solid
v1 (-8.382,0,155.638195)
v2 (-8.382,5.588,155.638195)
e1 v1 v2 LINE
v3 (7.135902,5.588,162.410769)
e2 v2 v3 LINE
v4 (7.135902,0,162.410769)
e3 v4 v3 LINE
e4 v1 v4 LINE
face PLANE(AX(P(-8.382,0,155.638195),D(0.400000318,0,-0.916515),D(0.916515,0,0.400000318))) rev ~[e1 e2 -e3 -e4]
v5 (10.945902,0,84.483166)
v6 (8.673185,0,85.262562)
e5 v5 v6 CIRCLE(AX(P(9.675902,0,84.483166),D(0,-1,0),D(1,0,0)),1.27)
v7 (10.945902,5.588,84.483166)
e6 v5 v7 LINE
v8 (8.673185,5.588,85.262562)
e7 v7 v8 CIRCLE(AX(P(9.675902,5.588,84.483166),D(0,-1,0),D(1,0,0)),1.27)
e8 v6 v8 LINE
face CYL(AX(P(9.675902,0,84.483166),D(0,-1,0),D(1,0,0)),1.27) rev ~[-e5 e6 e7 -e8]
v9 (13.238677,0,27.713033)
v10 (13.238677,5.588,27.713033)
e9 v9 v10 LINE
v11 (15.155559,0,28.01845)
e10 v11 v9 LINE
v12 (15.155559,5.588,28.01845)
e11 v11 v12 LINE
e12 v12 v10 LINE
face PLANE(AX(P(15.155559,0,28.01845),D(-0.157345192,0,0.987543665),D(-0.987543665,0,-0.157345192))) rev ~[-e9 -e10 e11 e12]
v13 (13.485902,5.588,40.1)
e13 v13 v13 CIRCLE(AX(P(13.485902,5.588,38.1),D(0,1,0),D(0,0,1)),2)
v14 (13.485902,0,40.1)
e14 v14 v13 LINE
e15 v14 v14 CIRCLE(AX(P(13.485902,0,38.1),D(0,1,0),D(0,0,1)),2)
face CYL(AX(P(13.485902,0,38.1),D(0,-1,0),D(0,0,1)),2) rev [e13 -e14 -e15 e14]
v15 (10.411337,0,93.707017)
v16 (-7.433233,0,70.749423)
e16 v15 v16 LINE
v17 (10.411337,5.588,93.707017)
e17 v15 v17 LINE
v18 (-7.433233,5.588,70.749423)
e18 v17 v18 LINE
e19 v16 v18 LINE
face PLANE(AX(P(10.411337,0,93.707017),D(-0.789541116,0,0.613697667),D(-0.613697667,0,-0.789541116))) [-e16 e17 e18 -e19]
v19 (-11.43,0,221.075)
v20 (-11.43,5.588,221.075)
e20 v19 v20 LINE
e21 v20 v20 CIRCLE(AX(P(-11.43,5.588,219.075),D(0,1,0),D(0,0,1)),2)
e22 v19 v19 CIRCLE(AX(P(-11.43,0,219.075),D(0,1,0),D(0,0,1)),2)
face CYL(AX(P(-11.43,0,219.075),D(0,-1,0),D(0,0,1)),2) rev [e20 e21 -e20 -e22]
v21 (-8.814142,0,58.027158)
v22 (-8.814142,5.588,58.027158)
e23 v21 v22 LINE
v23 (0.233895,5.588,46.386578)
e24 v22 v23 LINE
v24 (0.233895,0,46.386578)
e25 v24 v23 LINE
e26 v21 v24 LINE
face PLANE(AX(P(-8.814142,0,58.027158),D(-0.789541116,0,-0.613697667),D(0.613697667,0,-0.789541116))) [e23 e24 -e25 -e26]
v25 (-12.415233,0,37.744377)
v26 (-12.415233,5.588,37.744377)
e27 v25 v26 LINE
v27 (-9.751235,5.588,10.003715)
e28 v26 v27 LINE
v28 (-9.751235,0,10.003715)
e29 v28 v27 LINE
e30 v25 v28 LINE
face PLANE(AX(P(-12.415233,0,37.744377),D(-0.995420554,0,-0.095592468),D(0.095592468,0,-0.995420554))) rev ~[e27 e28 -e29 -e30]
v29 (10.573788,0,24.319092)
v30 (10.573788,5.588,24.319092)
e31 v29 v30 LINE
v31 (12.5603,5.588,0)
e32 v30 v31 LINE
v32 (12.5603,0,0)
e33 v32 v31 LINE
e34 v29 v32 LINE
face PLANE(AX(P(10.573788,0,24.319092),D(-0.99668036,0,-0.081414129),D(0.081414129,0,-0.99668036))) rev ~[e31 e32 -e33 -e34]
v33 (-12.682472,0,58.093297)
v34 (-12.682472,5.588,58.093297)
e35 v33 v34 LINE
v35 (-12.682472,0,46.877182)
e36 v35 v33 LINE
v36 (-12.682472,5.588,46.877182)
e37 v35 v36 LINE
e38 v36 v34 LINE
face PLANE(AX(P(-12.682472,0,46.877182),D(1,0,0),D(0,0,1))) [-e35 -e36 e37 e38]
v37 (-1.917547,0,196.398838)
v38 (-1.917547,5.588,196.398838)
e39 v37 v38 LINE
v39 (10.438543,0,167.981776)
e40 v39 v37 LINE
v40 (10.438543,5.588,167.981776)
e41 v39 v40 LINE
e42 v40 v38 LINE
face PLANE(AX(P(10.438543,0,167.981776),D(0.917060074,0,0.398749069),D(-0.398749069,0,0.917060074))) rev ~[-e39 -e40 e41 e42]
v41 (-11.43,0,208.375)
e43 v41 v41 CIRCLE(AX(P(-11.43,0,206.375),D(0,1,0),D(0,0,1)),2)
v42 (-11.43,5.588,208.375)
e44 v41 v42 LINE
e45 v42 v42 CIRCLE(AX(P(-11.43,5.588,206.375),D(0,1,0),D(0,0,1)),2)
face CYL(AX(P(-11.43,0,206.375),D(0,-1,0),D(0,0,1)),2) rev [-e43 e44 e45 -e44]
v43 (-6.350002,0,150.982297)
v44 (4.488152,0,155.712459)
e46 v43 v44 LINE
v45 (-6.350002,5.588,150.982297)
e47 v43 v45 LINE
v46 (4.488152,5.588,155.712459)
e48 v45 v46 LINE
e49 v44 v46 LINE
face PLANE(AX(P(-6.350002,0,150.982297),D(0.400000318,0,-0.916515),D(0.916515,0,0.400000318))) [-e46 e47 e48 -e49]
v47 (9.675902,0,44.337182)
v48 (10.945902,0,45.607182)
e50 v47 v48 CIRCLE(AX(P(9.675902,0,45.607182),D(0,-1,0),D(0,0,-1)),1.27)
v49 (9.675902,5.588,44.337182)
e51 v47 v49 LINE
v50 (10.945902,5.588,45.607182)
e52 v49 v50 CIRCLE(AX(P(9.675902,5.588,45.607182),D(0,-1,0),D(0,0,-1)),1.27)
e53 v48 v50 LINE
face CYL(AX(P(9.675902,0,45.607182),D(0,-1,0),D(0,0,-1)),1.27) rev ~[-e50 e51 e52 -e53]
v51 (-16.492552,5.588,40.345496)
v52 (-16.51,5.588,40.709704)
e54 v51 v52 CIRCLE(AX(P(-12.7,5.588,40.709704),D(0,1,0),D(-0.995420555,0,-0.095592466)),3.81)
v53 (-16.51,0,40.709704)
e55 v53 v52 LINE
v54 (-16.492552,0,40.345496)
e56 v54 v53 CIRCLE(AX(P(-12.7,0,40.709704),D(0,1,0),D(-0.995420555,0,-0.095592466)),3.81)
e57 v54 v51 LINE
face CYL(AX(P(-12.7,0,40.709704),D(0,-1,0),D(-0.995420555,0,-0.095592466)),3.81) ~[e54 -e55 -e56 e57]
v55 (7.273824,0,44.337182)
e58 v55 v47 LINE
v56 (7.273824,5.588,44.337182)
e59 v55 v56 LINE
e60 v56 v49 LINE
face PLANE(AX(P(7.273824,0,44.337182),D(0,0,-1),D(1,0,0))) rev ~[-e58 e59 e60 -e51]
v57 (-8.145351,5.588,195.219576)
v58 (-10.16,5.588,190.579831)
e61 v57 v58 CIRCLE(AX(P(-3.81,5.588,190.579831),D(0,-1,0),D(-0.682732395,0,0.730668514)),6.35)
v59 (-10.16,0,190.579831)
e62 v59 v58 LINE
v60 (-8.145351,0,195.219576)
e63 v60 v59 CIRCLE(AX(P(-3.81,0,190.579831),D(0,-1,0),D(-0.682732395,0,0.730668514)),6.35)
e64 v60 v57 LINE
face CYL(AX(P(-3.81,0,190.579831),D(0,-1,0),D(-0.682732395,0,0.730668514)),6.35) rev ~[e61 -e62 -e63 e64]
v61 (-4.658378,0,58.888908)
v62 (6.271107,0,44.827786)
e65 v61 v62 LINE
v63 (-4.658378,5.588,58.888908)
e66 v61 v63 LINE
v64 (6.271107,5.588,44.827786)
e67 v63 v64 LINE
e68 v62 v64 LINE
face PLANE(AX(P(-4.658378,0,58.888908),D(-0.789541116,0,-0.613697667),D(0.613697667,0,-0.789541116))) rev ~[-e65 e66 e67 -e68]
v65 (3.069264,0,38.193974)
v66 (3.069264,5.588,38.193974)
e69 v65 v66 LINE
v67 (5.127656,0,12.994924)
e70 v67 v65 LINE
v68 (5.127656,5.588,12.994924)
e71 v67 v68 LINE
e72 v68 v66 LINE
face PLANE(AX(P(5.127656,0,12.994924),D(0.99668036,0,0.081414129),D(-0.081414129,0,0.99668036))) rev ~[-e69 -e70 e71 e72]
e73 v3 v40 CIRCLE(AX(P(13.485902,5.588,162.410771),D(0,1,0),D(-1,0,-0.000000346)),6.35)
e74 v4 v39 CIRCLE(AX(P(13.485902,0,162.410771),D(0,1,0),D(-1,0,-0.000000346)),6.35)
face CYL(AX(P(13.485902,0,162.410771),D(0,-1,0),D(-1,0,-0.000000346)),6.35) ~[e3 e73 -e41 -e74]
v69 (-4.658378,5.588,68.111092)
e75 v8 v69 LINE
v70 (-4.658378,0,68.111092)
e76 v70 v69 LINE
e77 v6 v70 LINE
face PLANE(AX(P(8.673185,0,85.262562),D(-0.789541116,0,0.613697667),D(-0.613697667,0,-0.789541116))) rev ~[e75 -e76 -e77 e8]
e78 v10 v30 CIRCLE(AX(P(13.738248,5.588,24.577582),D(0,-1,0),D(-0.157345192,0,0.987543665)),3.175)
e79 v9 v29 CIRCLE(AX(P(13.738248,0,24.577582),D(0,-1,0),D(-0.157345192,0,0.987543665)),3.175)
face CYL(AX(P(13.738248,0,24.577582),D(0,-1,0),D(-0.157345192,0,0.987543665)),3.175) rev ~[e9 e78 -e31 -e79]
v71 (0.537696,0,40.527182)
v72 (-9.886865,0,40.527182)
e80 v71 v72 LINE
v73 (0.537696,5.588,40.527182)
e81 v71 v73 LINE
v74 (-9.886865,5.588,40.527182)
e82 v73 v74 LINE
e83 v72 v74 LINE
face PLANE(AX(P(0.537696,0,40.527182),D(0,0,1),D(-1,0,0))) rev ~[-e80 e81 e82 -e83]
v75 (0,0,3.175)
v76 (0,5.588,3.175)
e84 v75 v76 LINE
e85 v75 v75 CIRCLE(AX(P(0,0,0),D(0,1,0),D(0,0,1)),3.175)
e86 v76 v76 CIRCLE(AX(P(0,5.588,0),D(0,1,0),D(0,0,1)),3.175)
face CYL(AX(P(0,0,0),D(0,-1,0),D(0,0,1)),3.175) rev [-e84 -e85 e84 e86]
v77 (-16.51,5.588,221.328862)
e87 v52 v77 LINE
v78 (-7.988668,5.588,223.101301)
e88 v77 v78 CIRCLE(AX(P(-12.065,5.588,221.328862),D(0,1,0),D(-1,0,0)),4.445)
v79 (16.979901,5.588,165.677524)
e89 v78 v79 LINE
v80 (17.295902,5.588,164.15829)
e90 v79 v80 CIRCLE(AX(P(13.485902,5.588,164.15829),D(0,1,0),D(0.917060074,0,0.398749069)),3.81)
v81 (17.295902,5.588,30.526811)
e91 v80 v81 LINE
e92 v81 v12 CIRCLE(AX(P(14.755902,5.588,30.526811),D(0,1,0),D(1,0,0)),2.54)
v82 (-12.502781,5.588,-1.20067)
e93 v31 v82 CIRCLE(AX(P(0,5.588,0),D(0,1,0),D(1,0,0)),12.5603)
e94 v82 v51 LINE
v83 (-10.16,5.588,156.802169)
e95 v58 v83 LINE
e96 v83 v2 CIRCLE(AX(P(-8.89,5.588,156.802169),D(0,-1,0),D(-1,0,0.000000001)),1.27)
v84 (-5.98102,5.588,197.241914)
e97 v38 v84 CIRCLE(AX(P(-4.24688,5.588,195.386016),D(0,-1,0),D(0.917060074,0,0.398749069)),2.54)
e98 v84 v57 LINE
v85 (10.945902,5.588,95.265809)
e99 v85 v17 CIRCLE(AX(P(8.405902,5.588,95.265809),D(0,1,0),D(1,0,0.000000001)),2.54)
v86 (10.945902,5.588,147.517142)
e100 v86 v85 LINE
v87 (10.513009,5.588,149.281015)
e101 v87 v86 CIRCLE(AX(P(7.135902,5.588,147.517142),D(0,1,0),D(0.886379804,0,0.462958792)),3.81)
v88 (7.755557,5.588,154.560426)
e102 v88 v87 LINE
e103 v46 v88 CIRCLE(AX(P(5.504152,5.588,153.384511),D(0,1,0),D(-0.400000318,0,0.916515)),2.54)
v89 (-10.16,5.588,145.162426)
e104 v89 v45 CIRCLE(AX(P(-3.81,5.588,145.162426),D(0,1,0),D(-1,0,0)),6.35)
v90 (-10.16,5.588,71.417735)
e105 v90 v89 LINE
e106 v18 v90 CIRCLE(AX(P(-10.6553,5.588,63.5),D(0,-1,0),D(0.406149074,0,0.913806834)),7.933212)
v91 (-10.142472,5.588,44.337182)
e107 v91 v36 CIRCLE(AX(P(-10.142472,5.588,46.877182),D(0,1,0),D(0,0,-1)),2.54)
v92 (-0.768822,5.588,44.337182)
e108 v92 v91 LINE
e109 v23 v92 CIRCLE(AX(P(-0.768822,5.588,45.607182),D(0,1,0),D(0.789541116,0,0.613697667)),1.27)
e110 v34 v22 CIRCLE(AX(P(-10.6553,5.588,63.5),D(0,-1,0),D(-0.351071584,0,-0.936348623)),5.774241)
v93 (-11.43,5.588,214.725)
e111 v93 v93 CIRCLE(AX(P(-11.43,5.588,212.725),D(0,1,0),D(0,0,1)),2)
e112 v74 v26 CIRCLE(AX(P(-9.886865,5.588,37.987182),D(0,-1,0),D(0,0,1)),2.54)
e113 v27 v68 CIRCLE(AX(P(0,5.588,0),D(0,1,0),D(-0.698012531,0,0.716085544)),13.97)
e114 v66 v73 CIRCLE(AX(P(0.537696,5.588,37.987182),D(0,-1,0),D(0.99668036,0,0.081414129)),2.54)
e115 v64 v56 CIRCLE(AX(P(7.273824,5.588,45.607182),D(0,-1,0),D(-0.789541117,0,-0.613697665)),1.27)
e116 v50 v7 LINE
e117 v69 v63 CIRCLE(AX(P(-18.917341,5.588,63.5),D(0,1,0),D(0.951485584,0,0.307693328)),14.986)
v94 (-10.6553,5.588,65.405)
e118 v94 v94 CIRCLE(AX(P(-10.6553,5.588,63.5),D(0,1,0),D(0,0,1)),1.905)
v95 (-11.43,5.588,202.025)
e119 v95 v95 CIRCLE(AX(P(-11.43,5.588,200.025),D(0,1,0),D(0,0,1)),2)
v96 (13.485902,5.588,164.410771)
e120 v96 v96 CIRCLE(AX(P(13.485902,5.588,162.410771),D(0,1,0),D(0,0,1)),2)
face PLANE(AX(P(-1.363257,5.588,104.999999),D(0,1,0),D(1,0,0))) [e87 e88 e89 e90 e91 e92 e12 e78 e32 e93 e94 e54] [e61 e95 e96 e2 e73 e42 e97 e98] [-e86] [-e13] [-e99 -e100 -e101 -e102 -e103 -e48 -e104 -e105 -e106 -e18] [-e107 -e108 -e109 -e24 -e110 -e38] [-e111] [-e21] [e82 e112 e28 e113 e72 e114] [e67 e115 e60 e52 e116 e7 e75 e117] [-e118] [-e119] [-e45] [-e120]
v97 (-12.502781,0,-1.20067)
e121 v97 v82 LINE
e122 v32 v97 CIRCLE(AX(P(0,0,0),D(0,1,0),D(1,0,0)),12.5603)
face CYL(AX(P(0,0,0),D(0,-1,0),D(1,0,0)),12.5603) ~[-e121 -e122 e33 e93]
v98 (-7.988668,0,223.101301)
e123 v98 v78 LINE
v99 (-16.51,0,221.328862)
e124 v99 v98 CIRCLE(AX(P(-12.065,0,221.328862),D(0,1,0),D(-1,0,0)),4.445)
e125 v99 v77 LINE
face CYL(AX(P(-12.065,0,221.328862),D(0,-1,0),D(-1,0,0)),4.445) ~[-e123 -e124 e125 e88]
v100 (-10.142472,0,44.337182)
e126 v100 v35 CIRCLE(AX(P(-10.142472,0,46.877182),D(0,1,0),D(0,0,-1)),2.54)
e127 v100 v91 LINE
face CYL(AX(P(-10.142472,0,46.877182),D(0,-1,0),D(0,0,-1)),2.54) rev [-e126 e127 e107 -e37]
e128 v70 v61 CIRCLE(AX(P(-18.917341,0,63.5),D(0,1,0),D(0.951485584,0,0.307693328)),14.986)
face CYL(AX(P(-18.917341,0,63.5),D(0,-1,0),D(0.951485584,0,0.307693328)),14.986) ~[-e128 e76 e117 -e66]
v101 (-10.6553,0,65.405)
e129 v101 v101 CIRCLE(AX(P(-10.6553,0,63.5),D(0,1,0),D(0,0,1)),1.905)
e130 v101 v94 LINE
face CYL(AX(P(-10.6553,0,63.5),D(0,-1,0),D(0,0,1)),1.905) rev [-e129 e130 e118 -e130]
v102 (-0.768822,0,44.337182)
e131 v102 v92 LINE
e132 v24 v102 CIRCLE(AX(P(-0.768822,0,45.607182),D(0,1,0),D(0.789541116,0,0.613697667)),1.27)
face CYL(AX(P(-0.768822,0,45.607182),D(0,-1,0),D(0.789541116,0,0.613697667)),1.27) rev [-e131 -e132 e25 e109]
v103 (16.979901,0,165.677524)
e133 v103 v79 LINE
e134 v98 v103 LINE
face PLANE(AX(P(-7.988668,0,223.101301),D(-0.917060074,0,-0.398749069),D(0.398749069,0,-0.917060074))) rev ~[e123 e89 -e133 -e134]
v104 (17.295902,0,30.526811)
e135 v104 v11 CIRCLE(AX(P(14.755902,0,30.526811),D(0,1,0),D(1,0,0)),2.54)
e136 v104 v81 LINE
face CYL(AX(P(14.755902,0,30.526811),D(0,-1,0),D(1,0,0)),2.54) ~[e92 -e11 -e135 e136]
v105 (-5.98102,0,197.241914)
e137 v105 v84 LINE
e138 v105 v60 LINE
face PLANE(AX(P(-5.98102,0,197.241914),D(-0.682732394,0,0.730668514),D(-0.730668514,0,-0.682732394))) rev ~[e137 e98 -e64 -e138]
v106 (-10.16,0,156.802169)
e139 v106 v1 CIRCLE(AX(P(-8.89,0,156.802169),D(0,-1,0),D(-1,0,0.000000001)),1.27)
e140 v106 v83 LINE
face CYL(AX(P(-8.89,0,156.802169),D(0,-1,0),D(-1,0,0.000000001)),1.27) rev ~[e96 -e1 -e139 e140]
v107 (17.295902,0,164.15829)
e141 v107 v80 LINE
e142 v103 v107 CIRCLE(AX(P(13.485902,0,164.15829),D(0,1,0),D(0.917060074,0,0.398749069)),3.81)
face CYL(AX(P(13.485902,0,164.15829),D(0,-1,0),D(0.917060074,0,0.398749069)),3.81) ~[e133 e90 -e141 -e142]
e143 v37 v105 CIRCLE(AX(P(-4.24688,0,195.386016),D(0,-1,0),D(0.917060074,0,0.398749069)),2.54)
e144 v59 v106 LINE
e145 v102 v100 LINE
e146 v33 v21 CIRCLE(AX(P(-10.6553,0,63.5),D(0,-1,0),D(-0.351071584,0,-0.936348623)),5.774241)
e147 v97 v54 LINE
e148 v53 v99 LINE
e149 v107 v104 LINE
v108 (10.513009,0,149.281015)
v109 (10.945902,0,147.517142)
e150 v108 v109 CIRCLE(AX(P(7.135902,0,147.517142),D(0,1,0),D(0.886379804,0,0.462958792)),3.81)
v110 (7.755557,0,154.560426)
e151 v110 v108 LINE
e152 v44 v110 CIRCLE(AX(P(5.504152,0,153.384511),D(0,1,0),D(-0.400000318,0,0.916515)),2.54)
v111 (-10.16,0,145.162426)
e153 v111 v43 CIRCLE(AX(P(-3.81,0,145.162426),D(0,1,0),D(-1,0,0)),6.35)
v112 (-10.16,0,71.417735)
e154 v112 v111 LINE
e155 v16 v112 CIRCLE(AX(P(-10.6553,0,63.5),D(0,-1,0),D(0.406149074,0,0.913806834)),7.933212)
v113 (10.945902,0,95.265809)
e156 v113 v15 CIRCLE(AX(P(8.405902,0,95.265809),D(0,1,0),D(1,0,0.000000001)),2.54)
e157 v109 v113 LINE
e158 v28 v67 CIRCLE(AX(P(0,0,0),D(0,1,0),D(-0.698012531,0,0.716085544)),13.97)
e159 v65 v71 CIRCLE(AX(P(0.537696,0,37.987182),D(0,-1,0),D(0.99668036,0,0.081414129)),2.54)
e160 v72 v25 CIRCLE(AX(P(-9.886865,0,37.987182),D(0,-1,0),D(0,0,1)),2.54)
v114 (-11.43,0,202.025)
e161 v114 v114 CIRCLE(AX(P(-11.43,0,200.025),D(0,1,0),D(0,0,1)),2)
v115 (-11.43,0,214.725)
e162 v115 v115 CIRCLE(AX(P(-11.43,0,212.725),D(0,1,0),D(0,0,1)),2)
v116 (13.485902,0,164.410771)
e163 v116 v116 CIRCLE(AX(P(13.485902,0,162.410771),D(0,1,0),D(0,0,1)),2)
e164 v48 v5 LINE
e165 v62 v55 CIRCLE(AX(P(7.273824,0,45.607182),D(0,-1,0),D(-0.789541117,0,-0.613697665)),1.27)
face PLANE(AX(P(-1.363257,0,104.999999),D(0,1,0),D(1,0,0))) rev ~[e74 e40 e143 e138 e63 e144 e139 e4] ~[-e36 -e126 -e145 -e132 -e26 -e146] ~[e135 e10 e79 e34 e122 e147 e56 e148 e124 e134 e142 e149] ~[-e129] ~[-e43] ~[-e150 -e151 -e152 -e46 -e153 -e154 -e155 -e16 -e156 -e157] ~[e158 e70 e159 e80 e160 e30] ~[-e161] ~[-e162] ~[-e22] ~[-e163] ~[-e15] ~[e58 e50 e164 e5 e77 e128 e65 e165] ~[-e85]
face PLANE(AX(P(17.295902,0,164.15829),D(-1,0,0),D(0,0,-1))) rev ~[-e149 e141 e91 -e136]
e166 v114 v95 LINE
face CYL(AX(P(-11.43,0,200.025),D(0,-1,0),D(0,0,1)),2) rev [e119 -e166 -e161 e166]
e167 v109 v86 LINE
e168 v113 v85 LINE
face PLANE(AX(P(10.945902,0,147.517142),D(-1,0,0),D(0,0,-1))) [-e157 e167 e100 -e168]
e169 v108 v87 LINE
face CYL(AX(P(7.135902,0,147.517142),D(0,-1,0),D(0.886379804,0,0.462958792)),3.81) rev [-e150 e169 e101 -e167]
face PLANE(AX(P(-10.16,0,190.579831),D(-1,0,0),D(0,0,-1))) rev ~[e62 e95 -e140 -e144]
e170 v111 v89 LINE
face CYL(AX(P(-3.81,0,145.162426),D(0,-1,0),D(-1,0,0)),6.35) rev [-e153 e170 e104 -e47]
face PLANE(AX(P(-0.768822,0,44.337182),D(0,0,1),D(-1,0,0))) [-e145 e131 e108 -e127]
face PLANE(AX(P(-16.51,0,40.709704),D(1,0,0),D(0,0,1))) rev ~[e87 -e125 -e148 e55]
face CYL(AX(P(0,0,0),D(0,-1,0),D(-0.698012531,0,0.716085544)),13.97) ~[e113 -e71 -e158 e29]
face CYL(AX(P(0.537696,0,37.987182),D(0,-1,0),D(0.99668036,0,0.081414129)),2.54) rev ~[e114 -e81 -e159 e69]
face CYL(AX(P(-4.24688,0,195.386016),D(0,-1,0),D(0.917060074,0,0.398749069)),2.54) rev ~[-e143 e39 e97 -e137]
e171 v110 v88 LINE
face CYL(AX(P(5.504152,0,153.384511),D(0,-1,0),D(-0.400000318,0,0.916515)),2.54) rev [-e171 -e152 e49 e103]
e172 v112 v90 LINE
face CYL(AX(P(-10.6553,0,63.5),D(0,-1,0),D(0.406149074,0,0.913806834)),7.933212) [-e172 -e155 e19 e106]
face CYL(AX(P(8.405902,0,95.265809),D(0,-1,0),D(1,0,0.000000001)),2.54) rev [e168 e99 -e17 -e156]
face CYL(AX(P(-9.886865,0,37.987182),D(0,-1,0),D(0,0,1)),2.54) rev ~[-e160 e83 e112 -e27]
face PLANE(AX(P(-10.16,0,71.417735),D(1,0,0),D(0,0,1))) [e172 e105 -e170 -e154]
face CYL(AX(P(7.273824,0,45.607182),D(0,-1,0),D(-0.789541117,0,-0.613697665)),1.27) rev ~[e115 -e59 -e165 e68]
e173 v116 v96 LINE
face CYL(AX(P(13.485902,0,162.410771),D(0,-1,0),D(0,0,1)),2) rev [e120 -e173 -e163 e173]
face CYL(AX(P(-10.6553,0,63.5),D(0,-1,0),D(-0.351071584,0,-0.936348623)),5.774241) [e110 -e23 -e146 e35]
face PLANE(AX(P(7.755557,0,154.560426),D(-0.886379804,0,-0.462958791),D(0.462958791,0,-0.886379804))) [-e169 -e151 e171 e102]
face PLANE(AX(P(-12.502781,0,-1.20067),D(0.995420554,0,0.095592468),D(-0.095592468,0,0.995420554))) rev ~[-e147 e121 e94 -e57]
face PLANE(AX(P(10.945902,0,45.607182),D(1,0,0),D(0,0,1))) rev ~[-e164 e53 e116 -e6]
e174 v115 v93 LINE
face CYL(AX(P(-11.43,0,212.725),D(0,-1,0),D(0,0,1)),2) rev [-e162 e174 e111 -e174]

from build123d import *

# Parameters (mm, degrees)
SKETCH2_R           = 3.175
SKETCH2_R_2         = 2
SKETCH2_R_3         = 1.905
SKETCH2_R_4         = 1.999999991
BOSS_EXTRUDE1_DEPTH = 5.588


with BuildPart() as part:
    # Sketch2 → Boss-Extrude1 (new body)
    with BuildSketch(Plane(origin=(0, 0, 0), x_dir=(1, 0, 0), z_dir=(0, 1, 0))):
        with BuildLine():
            Line((15.15555913, -28.018449791), (13.238676936, -27.713033224))
            ThreePointArc((13.238676936, -27.713033224), (11.241051513, -26.538356195), (10.573787778, -24.319092227))
            Line((10.573787778, -24.319092227), (12.5603, 0))
            ThreePointArc((12.5603, 0), (0.601023521, 12.545911956), (-12.502780789, 1.200670076))
            Line((-12.502780789, 1.200670076), (-16.492552312, -40.345496304))
            ThreePointArc((-16.492552312, -40.345496304), (-16.505635578, -40.527391114), (-16.51, -40.709703607))
            Line((-16.51, -40.709703607), (-16.51, -221.328861788))
            ThreePointArc((-16.51, -221.328861788), (-12.970187584, -225.680718913), (-7.988667969, -223.101301399))
            Line((-7.988667969, -223.101301399), (16.979901226, -165.677523619))
            ThreePointArc((16.979901226, -165.677523619), (17.216065593, -164.934164738), (17.295902343, -164.158289667))
            Line((17.295902343, -164.158289667), (17.295902343, -30.526810701))
            ThreePointArc((17.295902343, -30.526810701), (16.688093876, -28.878103365), (15.15555913, -28.018449791))
        make_face()
        with Locations(Location((0, 0, 0), (0, 0, 270))):
            Circle(SKETCH2_R, mode=Mode.SUBTRACT)
        with Locations(Location((-11.43, -219.075, 0), (0, 0, 270))):
            Circle(SKETCH2_R_2, mode=Mode.SUBTRACT)
        with Locations(Location((-11.43, -212.725, 0), (0, 0, 270))):
            Circle(SKETCH2_R_2, mode=Mode.SUBTRACT)
        with Locations(Location((-11.43, -206.375, 0), (0, 0, 270))):
            Circle(SKETCH2_R_2, mode=Mode.SUBTRACT)
        with Locations(Location((-11.43, -200.025, 0), (0, 0, 270))):
            Circle(SKETCH2_R_2, mode=Mode.SUBTRACT)
        with Locations(Location((-10.6553, -63.5, 0), (0, 0, 270))):
            Circle(SKETCH2_R_3, mode=Mode.SUBTRACT)
        with Locations(Location((13.485902343, -38.1, 0), (0, 0, 270))):
            Circle(SKETCH2_R_4, mode=Mode.SUBTRACT)
        with Locations(Location((13.485902343, -162.410770806, 0), (0, 0, 270))):
            Circle(SKETCH2_R_2, mode=Mode.SUBTRACT)
        with BuildLine():
            Line((10.438542905, -167.981776143), (-1.917547411, -196.39883837))
            ThreePointArc((-1.917547411, -196.39883837), (-3.730878547, -197.873050616), (-5.981020282, -197.241913761))
            Line((-5.981020282, -197.241913761), (-8.145350704, -195.219576049))
            ThreePointArc((-8.145350704, -195.219576049), (-9.634602002, -193.108963545), (-10.16, -190.579830983))
            Line((-10.16, -190.579830983), (-10.16, -156.802168612))
            ThreePointArc((-10.16, -156.802168612), (-9.585607464, -155.739610257), (-8.381999597, -155.638194561))
            Line((-8.381999597, -155.638194561), (7.135902343, -162.410768606))
            ThreePointArc((7.135902343, -162.410768606), (8.0236114, -165.648961297), (10.438542905, -167.981776143))
        make_face(mode=Mode.SUBTRACT)
        with BuildLine():
            Line((10.945902343, -147.517141807), (10.945902343, -95.265809134))
            ThreePointArc((10.945902343, -95.265809134), (10.80854708, -94.441856302), (10.411336777, -93.70701706))
            Line((10.411336777, -93.70701706), (-7.433233368, -70.749423162))
            ThreePointArc((-7.433233368, -70.749423162), (-8.766818111, -71.205159681), (-10.16, -71.417734996))
            Line((-10.16, -71.417734996), (-10.16, -145.162426346))
            ThreePointArc((-10.16, -145.162426346), (-9.122791771, -148.640463666), (-6.350002016, -150.982296599))
            Line((-6.350002016, -150.982296599), (4.488151635, -155.712459117))
            ThreePointArc((4.488151635, -155.712459117), (6.348753278, -155.779975361), (7.755557144, -154.560426346))
            Line((7.755557144, -154.560426346), (10.513009397, -149.281014802))
            ThreePointArc((10.513009397, -149.281014802), (10.836096789, -148.425250314), (10.945902343, -147.517141807))
        make_face(mode=Mode.SUBTRACT)
        with BuildLine():
            Line((-4.65837794, -58.888907788), (6.271106887, -44.827785995))
            ThreePointArc((6.271106887, -44.827785995), (6.715672228, -44.466407521), (7.273824104, -44.337182032))
            Line((7.273824104, -44.337182032), (9.675902343, -44.337182032))
            ThreePointArc((9.675902343, -44.337182032), (10.573927955, -44.70915642), (10.945902343, -45.607182032))
            Line((10.945902343, -45.607182032), (10.945902343, -84.483166252))
            ThreePointArc((10.945902343, -84.483166252), (10.087878759, -85.684488621), (8.673185126, -85.26256229))
            Line((8.673185126, -85.26256229), (-4.65837794, -68.111092212))
            ThreePointArc((-4.65837794, -68.111092212), (-3.931340897, -63.5), (-4.65837794, -58.888907788))
        make_face(mode=Mode.SUBTRACT)
        with BuildLine():
            Line((-12.415233052, -37.744377163), (-9.751235062, -10.003715048))
            ThreePointArc((-9.751235062, -10.003715048), (-2.753398549, -13.695973731), (5.127655889, -12.99492382))
            Line((5.127655889, -12.99492382), (3.069264048, -38.19397392))
            ThreePointArc((3.069264048, -38.19397392), (2.259083254, -39.854914801), (0.537695935, -40.527182032))
            Line((0.537695935, -40.527182032), (-9.886864844, -40.527182032))
            ThreePointArc((-9.886864844, -40.527182032), (-11.766801594, -39.695232914), (-12.415233052, -37.744377163))
        make_face(mode=Mode.SUBTRACT)
        with BuildLine():
            Line((-0.768822282, -44.337182032), (-10.142472044, -44.337182032))
            ThreePointArc((-10.142472044, -44.337182032), (-11.938523268, -45.081130808), (-12.682472044, -46.877182032))
            Line((-12.682472044, -46.877182032), (-12.682472044, -58.093297101))
            ThreePointArc((-12.682472044, -58.093297101), (-10.75401097, -57.726602484), (-8.814141549, -58.027158116))
            Line((-8.814141549, -58.027158116), (0.233894935, -46.386578069))
            ThreePointArc((0.233894935, -46.386578069), (0.371952228, -45.049030156), (-0.768822282, -44.337182032))
        make_face(mode=Mode.SUBTRACT)
    extrude(amount=BOSS_EXTRUDE1_DEPTH)


solid = part.part
